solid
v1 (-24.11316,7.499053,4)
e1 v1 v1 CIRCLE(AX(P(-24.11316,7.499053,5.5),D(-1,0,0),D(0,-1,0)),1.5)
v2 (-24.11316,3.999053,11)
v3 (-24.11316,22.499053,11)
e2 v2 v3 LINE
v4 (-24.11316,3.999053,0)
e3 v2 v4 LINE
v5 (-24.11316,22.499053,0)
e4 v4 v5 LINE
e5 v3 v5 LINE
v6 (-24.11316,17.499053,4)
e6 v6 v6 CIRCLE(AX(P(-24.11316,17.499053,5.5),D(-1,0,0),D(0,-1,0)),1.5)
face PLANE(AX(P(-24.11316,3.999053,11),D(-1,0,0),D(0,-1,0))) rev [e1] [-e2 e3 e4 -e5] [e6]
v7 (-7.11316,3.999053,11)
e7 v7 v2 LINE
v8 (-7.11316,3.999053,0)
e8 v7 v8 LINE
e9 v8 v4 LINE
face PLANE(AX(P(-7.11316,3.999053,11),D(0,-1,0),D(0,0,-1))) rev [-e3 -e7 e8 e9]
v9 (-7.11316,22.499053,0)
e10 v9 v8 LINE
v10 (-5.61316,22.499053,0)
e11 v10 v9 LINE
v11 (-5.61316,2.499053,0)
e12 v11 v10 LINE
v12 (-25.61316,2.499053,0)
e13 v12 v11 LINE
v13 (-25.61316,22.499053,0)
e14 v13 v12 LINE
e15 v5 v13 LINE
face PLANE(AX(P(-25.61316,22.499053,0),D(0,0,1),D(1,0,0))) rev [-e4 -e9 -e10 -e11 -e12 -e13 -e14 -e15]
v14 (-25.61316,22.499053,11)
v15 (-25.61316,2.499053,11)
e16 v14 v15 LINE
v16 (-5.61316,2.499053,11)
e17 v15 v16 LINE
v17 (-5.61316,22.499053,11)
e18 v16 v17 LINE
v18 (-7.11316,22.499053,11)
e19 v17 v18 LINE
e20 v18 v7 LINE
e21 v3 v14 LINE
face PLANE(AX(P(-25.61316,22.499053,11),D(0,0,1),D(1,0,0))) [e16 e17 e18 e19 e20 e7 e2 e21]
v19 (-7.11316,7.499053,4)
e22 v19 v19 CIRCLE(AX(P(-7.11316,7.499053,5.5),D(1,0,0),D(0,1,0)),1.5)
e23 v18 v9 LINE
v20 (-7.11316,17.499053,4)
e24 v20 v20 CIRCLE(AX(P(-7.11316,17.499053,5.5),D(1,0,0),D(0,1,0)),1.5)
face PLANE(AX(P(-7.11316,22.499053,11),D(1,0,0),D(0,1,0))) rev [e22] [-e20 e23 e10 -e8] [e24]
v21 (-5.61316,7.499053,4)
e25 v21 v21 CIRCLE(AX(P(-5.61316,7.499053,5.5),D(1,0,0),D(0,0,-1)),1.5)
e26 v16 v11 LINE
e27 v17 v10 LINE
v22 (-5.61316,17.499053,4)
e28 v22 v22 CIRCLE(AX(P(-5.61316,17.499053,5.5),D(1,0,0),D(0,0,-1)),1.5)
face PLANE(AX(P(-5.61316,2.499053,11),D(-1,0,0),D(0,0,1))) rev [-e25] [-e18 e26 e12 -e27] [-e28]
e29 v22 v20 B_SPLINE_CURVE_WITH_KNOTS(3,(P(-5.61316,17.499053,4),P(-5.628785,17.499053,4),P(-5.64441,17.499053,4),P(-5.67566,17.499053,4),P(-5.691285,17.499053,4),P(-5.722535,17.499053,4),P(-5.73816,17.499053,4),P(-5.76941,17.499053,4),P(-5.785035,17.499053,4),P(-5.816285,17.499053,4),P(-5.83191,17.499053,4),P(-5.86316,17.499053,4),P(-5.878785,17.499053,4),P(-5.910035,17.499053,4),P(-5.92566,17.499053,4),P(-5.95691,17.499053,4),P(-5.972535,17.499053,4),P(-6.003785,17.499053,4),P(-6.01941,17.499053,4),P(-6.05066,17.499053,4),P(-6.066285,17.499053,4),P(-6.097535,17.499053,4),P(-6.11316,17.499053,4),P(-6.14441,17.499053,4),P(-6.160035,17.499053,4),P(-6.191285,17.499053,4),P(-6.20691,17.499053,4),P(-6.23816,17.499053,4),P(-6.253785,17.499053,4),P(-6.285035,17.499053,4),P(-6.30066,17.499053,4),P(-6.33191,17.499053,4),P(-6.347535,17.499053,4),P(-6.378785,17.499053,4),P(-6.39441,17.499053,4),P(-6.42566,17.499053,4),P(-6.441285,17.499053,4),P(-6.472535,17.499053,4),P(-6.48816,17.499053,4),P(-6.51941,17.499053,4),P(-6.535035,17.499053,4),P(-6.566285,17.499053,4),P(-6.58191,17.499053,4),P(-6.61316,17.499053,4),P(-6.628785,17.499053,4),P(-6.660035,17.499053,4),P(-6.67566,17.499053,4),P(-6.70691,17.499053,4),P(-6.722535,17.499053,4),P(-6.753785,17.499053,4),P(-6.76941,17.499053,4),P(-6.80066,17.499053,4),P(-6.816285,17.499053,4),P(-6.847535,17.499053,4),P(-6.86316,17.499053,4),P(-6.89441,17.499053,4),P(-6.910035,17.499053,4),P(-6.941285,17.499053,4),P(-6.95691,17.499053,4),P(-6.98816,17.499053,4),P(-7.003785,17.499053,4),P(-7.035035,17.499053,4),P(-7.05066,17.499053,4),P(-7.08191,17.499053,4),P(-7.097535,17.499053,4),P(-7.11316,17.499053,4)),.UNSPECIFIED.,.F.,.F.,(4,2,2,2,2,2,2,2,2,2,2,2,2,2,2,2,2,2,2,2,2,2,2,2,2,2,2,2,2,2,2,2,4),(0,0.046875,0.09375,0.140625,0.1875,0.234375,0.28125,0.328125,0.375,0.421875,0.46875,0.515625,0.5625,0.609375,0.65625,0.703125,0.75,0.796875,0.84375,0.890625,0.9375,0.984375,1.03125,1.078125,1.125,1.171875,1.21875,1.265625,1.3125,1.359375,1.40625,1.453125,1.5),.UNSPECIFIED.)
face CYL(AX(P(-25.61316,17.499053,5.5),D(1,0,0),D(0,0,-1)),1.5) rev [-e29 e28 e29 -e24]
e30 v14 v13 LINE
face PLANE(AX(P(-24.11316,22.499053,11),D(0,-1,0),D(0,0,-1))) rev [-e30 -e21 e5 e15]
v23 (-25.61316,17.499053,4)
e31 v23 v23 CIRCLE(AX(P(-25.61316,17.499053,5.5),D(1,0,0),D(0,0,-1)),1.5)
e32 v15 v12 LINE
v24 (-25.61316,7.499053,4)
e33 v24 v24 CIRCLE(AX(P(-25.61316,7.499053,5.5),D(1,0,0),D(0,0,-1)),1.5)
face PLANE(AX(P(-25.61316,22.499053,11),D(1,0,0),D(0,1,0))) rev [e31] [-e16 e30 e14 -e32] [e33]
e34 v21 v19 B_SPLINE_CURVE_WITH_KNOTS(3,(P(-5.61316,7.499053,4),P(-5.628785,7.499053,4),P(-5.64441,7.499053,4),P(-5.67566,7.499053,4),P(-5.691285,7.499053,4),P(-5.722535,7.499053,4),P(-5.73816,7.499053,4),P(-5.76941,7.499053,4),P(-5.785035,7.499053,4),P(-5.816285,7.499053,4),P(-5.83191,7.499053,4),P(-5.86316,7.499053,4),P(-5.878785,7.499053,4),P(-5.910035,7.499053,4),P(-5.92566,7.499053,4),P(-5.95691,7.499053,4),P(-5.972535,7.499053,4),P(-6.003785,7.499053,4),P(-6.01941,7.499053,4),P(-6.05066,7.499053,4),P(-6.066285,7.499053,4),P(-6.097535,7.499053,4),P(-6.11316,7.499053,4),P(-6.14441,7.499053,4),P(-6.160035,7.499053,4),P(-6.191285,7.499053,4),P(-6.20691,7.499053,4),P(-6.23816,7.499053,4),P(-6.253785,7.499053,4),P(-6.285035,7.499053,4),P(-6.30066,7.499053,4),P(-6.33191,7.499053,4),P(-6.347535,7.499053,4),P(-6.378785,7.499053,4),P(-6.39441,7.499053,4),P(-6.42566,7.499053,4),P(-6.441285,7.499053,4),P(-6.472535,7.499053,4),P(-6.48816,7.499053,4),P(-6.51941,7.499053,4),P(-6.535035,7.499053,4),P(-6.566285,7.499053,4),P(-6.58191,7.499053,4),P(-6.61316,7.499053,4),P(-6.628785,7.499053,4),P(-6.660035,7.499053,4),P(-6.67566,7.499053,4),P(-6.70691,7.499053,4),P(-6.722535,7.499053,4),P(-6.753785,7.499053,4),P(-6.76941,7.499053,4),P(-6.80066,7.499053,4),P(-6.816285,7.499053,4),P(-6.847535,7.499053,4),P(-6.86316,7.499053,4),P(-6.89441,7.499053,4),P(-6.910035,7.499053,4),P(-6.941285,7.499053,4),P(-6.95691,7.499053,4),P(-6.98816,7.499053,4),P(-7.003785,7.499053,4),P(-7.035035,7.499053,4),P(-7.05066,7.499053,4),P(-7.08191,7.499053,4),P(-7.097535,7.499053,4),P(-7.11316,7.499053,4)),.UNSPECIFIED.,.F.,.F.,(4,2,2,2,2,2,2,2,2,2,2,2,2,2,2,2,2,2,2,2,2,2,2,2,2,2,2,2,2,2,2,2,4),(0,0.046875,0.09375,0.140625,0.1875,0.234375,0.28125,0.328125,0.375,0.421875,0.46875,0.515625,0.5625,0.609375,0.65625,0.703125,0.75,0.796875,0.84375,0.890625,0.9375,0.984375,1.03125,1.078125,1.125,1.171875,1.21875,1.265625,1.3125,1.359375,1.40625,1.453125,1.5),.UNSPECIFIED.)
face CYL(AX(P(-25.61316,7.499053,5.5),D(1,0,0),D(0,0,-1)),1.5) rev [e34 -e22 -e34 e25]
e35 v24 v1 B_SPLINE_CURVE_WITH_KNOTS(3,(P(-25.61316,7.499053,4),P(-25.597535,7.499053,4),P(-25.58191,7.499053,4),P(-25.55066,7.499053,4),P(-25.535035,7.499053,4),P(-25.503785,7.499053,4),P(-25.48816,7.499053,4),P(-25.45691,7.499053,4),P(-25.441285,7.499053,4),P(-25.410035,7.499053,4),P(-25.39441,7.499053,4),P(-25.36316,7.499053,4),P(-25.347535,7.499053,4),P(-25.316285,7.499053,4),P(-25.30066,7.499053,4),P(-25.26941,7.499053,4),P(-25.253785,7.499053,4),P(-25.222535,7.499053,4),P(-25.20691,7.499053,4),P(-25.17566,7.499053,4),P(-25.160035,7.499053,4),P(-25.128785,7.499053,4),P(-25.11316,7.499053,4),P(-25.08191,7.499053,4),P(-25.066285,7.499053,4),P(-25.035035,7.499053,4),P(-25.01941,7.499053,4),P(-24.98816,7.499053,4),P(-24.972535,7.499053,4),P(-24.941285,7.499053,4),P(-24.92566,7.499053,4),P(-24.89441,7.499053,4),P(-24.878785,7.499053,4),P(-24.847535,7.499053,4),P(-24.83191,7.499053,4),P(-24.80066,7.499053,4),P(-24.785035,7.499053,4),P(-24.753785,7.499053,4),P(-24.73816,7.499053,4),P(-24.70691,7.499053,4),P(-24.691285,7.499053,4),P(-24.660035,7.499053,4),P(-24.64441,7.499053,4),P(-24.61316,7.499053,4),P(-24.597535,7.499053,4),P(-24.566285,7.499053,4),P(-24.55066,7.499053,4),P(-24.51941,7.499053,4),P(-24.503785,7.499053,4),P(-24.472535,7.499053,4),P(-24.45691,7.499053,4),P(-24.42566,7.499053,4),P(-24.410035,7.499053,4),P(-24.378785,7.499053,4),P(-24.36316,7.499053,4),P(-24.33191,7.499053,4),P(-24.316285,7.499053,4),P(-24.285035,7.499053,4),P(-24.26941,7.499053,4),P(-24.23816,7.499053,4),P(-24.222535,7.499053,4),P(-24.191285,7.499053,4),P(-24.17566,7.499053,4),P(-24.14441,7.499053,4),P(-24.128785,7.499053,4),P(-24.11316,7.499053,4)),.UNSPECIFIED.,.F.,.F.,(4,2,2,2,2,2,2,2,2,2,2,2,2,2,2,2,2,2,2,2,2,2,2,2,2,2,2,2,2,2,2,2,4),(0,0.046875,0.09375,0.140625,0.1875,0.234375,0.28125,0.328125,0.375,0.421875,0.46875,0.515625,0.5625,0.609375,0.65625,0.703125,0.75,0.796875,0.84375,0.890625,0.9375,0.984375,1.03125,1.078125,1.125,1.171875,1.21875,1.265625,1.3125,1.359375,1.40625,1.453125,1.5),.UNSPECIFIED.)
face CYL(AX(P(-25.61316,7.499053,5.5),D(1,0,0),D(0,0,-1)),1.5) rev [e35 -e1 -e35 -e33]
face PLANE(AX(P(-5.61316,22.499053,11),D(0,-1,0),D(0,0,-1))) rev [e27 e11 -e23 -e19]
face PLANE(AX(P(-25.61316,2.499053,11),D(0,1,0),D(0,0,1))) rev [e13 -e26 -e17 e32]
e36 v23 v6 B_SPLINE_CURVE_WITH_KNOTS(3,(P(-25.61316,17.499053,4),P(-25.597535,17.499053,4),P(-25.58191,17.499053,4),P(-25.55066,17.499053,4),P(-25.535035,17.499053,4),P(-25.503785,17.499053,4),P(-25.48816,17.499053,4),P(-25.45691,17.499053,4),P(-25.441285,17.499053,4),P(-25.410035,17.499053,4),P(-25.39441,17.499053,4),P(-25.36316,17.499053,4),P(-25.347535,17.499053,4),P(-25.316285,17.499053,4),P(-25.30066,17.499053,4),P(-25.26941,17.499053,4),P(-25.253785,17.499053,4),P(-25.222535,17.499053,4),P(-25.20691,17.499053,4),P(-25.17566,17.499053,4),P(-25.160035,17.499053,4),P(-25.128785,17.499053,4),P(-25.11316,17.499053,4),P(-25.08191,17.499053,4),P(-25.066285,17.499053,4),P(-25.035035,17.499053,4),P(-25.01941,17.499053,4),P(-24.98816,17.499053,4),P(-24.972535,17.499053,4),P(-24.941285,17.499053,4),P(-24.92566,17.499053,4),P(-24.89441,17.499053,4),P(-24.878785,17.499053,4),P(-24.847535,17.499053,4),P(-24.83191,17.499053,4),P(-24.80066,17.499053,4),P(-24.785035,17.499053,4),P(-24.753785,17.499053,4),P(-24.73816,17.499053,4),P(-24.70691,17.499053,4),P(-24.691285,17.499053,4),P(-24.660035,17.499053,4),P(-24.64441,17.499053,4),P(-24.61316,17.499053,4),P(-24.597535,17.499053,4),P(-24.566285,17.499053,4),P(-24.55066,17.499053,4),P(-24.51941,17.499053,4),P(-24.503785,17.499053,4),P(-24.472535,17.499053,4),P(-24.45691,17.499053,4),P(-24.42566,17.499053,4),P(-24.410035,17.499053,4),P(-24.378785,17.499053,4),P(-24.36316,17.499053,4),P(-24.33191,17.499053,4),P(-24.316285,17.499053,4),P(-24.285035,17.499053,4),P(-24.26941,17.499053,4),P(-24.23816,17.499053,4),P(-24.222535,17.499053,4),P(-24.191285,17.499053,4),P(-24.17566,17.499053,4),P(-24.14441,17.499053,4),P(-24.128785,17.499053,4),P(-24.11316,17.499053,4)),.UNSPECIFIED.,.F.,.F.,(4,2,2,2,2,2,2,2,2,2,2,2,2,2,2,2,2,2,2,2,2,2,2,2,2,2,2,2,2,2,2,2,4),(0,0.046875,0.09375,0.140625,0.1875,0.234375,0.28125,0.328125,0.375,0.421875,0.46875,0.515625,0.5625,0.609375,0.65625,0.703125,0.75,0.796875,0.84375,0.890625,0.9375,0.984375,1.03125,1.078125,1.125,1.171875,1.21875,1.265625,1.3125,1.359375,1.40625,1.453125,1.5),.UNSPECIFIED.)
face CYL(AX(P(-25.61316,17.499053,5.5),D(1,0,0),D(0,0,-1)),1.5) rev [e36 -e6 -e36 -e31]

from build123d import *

# Parameters (mm, degrees)
EXTRUSION1_DEPTH = 11
ESQUISSE3_R      = 1.5
EXTRUSION3_DEPTH = 33.050075964


with BuildPart() as part:
    # Esquisse1 → Extrusion1 (new body)
    with BuildSketch(Plane.XY):
        Polygon((-25.613160064, 22.499052632), (-25.613160064, 2.499052632), (-5.613160064, 2.499052632), (-5.613160064, 22.499052632), (-7.113160064, 22.499052632), (-7.113160064, 3.999052632), (-24.113160064, 3.999052632), (-24.113160064, 22.499052632), align=None)
    extrude(amount=EXTRUSION1_DEPTH)

    # Esquisse3 → Extrusion3 (cut, through all)
    with BuildSketch(Plane(origin=(-5.613160064, 0, 0), x_dir=(0, 0, -1), z_dir=(1, 0, 0))):
        with Locations((-5.5, 7.499052632)):
            Circle(ESQUISSE3_R)
        with Locations((-5.5, 17.499052632)):
            Circle(ESQUISSE3_R)
    extrude(amount=-EXTRUSION3_DEPTH, mode=Mode.SUBTRACT)


solid = part.part
